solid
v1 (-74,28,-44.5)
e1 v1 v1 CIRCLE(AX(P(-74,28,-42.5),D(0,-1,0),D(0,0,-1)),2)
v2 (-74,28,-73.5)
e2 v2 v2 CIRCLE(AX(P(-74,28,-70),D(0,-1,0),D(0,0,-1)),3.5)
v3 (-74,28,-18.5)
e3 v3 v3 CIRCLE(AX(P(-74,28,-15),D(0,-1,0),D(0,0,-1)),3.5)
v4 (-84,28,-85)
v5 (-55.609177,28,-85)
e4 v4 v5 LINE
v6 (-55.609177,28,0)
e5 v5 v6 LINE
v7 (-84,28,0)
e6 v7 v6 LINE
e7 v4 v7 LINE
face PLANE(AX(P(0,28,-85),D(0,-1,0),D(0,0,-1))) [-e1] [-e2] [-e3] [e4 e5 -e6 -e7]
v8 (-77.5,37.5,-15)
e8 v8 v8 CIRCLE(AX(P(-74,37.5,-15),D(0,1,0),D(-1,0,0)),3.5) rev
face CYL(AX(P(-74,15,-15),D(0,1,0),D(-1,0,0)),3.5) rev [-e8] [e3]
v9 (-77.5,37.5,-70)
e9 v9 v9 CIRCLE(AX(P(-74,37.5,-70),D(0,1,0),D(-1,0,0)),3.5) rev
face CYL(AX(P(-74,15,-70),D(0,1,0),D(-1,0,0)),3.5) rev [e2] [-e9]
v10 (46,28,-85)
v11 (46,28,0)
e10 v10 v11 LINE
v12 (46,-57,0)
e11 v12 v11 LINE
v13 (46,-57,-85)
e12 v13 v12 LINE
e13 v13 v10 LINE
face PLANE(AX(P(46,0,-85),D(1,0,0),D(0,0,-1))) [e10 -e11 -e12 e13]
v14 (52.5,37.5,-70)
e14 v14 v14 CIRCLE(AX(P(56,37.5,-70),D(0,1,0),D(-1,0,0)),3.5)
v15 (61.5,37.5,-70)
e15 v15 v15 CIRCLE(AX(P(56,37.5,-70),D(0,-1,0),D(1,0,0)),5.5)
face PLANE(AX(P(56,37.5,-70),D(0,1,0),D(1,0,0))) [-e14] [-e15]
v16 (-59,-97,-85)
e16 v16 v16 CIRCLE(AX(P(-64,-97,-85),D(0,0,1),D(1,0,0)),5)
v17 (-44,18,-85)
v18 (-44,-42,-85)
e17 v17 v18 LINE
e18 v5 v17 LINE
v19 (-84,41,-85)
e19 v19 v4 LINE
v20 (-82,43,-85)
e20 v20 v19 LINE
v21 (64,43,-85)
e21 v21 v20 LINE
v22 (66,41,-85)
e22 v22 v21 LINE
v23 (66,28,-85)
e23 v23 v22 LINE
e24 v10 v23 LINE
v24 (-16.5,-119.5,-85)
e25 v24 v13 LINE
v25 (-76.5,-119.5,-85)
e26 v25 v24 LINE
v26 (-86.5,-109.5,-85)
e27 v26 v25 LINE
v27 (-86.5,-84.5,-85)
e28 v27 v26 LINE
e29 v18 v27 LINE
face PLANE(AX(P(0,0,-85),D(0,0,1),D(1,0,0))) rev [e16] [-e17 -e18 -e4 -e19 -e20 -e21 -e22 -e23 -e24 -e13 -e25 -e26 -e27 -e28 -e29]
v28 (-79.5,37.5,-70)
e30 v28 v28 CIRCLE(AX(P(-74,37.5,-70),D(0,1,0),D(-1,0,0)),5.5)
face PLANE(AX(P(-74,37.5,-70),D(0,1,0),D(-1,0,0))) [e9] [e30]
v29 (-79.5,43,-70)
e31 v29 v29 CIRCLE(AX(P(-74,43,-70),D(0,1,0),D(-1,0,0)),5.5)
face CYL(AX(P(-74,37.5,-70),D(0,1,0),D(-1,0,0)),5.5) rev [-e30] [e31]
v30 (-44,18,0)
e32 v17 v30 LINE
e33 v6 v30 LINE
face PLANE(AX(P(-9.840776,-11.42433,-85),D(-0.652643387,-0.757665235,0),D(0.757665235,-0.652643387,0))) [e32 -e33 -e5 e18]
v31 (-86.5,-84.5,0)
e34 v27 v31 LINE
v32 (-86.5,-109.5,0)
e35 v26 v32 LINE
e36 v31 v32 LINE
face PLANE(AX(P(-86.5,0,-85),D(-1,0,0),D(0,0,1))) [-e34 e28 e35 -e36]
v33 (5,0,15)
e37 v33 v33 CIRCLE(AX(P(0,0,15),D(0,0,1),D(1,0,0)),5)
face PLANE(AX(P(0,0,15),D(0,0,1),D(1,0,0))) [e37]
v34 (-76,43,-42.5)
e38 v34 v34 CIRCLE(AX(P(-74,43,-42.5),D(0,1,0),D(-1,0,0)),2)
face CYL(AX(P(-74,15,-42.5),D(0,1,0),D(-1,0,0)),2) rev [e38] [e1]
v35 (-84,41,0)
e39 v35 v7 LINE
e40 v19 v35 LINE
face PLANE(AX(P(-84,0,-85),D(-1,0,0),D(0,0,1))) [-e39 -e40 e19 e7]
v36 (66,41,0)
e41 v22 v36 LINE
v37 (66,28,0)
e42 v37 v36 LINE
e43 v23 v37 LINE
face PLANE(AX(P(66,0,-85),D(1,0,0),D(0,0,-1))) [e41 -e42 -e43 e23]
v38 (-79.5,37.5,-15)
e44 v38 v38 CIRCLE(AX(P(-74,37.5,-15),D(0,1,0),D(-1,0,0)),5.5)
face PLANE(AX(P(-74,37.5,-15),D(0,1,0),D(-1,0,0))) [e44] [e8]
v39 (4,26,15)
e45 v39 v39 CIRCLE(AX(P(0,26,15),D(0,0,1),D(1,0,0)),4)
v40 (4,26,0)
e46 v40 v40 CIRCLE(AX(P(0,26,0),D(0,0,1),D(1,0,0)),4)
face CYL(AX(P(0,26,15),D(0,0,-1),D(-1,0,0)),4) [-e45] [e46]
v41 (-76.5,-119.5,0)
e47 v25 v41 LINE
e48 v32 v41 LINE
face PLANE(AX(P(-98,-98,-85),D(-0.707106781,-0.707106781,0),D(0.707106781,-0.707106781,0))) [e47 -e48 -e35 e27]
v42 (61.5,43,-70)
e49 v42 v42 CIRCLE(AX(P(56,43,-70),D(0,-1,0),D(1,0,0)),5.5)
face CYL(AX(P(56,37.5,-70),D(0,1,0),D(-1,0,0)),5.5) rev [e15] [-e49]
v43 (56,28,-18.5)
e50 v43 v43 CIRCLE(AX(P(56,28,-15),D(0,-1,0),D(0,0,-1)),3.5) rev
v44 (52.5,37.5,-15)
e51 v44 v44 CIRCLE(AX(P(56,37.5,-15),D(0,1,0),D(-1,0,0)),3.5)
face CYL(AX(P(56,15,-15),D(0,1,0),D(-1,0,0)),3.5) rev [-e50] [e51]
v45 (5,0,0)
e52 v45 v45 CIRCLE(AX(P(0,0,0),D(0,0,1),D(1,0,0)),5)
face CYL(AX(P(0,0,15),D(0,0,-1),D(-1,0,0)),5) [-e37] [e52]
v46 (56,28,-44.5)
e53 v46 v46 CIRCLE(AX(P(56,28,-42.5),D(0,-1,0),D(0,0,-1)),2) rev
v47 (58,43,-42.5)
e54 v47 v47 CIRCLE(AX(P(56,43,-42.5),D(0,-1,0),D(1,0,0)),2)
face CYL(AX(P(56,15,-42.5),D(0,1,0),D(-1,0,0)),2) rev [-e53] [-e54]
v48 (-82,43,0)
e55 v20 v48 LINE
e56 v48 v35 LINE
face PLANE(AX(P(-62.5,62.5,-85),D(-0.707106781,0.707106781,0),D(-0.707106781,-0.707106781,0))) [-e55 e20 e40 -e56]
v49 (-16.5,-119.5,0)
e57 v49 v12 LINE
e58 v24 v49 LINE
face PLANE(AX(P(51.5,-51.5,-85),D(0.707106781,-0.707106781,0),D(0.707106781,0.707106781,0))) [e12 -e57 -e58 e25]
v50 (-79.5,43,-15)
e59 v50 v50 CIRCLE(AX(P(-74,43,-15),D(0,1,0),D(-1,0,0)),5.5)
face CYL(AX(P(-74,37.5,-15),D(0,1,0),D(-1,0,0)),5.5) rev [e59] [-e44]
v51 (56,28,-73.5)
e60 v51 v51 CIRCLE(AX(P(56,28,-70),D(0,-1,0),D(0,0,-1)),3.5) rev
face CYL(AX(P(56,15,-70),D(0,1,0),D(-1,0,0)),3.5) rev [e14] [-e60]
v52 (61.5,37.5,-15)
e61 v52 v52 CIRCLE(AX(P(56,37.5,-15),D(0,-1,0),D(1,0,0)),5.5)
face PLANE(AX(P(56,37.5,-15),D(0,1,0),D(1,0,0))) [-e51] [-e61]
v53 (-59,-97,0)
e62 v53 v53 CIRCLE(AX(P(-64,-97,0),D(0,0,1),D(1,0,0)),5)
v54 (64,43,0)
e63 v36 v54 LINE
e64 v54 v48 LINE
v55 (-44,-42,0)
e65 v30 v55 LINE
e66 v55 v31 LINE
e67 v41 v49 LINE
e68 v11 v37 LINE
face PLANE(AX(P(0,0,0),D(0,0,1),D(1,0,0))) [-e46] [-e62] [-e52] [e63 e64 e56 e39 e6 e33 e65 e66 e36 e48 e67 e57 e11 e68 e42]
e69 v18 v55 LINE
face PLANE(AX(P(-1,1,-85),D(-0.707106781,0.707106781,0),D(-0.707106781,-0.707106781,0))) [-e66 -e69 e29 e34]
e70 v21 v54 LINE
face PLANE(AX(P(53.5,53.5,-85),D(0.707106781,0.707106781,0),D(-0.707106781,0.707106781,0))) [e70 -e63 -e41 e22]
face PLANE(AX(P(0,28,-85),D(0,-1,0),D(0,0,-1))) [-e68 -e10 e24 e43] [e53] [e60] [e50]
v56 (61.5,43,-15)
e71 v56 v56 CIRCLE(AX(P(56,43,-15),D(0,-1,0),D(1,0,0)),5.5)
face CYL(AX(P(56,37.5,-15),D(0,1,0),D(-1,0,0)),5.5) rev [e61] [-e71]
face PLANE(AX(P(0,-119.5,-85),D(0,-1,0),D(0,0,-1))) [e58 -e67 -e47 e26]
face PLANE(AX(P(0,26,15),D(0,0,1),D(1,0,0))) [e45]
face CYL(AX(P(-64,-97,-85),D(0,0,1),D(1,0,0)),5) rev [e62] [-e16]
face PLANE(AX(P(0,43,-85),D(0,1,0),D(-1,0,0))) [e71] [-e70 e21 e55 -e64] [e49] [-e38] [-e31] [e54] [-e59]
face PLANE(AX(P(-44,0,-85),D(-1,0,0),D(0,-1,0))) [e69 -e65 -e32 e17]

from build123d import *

# Parameters (mm, degrees)
ESQUISSE1_R             = 5
BOSS_EXTRU_1_DEPTH      = 85
ESQUISSE3_R             = 5
ESQUISSE3_R_2           = 4
BOSS_EXTRU_2_DEPTH      = 15
ESQUISSE4_R             = 3.5
ESQUISSE4_R_2           = 2
ENL_V_MAT_EXTRU_1_DEPTH = 28
ESQUISSE6_R             = 5.5
ENL_V_MAT_EXTRU_2_DEPTH = 5.5


with BuildPart() as part:
    # Esquisse1 → Boss.-Extru.1 (new body)
    with BuildSketch(Plane.XY):
        Polygon((-55.609176617, 28), (-44, 18), (-44, -42), (-86.5, -84.5), (-86.5, -109.5), (-76.5, -119.5), (-16.5, -119.5), (46, -57), (46, 28), (66, 28), (66, 41), (64, 43), (-82, 43), (-84, 41), (-84, 28), align=None)
        with Locations((-64, -97)):
            Circle(ESQUISSE1_R, mode=Mode.SUBTRACT)
    extrude(amount=-BOSS_EXTRU_1_DEPTH)

    # Esquisse3 → Boss.-Extru.2 (add)
    with BuildSketch(Plane.XY):
        Circle(ESQUISSE3_R)
        with Locations((0, 26)):
            Circle(ESQUISSE3_R_2)
    extrude(amount=BOSS_EXTRU_2_DEPTH)

    # Esquisse4 → Enlèv. mat.-Extru.1 (cut)
    with BuildSketch(Plane(origin=(0, 43, 0), x_dir=(1, 0, 0), z_dir=(0, 1, 0))):
        with Locations((-74, 70)):
            Circle(ESQUISSE4_R)
        with Locations((-74, 42.5)):
            Circle(ESQUISSE4_R_2)
        with Locations((-74, 15)):
            Circle(ESQUISSE4_R)
    enl_v_mat_extru_1 = extrude(amount=-ENL_V_MAT_EXTRU_1_DEPTH, mode=Mode.SUBTRACT)

    # Esquisse6 → Enlèv. mat.-Extru.2 (cut)
    with BuildSketch(Plane(origin=(0, 43, 0), x_dir=(1, 0, 0), z_dir=(0, 1, 0))):
        with Locations((-74, 70)):
            Circle(ESQUISSE6_R)
        with Locations((-74, 15)):
            Circle(ESQUISSE6_R)
    enl_v_mat_extru_2 = extrude(amount=-ENL_V_MAT_EXTRU_2_DEPTH, mode=Mode.SUBTRACT)

    # Symétrie1: Enlèv. mat.-Extru.1, Enlèv. mat.-Extru.2 across plane
    add(enl_v_mat_extru_1.mirror(Plane(origin=(-9, 0, 0), x_dir=(0, 0, 1), z_dir=(1, 0, 0))), mode=Mode.SUBTRACT)
    add(enl_v_mat_extru_2.mirror(Plane(origin=(-9, 0, 0), x_dir=(0, 0, 1), z_dir=(1, 0, 0))), mode=Mode.SUBTRACT)


solid = part.part
